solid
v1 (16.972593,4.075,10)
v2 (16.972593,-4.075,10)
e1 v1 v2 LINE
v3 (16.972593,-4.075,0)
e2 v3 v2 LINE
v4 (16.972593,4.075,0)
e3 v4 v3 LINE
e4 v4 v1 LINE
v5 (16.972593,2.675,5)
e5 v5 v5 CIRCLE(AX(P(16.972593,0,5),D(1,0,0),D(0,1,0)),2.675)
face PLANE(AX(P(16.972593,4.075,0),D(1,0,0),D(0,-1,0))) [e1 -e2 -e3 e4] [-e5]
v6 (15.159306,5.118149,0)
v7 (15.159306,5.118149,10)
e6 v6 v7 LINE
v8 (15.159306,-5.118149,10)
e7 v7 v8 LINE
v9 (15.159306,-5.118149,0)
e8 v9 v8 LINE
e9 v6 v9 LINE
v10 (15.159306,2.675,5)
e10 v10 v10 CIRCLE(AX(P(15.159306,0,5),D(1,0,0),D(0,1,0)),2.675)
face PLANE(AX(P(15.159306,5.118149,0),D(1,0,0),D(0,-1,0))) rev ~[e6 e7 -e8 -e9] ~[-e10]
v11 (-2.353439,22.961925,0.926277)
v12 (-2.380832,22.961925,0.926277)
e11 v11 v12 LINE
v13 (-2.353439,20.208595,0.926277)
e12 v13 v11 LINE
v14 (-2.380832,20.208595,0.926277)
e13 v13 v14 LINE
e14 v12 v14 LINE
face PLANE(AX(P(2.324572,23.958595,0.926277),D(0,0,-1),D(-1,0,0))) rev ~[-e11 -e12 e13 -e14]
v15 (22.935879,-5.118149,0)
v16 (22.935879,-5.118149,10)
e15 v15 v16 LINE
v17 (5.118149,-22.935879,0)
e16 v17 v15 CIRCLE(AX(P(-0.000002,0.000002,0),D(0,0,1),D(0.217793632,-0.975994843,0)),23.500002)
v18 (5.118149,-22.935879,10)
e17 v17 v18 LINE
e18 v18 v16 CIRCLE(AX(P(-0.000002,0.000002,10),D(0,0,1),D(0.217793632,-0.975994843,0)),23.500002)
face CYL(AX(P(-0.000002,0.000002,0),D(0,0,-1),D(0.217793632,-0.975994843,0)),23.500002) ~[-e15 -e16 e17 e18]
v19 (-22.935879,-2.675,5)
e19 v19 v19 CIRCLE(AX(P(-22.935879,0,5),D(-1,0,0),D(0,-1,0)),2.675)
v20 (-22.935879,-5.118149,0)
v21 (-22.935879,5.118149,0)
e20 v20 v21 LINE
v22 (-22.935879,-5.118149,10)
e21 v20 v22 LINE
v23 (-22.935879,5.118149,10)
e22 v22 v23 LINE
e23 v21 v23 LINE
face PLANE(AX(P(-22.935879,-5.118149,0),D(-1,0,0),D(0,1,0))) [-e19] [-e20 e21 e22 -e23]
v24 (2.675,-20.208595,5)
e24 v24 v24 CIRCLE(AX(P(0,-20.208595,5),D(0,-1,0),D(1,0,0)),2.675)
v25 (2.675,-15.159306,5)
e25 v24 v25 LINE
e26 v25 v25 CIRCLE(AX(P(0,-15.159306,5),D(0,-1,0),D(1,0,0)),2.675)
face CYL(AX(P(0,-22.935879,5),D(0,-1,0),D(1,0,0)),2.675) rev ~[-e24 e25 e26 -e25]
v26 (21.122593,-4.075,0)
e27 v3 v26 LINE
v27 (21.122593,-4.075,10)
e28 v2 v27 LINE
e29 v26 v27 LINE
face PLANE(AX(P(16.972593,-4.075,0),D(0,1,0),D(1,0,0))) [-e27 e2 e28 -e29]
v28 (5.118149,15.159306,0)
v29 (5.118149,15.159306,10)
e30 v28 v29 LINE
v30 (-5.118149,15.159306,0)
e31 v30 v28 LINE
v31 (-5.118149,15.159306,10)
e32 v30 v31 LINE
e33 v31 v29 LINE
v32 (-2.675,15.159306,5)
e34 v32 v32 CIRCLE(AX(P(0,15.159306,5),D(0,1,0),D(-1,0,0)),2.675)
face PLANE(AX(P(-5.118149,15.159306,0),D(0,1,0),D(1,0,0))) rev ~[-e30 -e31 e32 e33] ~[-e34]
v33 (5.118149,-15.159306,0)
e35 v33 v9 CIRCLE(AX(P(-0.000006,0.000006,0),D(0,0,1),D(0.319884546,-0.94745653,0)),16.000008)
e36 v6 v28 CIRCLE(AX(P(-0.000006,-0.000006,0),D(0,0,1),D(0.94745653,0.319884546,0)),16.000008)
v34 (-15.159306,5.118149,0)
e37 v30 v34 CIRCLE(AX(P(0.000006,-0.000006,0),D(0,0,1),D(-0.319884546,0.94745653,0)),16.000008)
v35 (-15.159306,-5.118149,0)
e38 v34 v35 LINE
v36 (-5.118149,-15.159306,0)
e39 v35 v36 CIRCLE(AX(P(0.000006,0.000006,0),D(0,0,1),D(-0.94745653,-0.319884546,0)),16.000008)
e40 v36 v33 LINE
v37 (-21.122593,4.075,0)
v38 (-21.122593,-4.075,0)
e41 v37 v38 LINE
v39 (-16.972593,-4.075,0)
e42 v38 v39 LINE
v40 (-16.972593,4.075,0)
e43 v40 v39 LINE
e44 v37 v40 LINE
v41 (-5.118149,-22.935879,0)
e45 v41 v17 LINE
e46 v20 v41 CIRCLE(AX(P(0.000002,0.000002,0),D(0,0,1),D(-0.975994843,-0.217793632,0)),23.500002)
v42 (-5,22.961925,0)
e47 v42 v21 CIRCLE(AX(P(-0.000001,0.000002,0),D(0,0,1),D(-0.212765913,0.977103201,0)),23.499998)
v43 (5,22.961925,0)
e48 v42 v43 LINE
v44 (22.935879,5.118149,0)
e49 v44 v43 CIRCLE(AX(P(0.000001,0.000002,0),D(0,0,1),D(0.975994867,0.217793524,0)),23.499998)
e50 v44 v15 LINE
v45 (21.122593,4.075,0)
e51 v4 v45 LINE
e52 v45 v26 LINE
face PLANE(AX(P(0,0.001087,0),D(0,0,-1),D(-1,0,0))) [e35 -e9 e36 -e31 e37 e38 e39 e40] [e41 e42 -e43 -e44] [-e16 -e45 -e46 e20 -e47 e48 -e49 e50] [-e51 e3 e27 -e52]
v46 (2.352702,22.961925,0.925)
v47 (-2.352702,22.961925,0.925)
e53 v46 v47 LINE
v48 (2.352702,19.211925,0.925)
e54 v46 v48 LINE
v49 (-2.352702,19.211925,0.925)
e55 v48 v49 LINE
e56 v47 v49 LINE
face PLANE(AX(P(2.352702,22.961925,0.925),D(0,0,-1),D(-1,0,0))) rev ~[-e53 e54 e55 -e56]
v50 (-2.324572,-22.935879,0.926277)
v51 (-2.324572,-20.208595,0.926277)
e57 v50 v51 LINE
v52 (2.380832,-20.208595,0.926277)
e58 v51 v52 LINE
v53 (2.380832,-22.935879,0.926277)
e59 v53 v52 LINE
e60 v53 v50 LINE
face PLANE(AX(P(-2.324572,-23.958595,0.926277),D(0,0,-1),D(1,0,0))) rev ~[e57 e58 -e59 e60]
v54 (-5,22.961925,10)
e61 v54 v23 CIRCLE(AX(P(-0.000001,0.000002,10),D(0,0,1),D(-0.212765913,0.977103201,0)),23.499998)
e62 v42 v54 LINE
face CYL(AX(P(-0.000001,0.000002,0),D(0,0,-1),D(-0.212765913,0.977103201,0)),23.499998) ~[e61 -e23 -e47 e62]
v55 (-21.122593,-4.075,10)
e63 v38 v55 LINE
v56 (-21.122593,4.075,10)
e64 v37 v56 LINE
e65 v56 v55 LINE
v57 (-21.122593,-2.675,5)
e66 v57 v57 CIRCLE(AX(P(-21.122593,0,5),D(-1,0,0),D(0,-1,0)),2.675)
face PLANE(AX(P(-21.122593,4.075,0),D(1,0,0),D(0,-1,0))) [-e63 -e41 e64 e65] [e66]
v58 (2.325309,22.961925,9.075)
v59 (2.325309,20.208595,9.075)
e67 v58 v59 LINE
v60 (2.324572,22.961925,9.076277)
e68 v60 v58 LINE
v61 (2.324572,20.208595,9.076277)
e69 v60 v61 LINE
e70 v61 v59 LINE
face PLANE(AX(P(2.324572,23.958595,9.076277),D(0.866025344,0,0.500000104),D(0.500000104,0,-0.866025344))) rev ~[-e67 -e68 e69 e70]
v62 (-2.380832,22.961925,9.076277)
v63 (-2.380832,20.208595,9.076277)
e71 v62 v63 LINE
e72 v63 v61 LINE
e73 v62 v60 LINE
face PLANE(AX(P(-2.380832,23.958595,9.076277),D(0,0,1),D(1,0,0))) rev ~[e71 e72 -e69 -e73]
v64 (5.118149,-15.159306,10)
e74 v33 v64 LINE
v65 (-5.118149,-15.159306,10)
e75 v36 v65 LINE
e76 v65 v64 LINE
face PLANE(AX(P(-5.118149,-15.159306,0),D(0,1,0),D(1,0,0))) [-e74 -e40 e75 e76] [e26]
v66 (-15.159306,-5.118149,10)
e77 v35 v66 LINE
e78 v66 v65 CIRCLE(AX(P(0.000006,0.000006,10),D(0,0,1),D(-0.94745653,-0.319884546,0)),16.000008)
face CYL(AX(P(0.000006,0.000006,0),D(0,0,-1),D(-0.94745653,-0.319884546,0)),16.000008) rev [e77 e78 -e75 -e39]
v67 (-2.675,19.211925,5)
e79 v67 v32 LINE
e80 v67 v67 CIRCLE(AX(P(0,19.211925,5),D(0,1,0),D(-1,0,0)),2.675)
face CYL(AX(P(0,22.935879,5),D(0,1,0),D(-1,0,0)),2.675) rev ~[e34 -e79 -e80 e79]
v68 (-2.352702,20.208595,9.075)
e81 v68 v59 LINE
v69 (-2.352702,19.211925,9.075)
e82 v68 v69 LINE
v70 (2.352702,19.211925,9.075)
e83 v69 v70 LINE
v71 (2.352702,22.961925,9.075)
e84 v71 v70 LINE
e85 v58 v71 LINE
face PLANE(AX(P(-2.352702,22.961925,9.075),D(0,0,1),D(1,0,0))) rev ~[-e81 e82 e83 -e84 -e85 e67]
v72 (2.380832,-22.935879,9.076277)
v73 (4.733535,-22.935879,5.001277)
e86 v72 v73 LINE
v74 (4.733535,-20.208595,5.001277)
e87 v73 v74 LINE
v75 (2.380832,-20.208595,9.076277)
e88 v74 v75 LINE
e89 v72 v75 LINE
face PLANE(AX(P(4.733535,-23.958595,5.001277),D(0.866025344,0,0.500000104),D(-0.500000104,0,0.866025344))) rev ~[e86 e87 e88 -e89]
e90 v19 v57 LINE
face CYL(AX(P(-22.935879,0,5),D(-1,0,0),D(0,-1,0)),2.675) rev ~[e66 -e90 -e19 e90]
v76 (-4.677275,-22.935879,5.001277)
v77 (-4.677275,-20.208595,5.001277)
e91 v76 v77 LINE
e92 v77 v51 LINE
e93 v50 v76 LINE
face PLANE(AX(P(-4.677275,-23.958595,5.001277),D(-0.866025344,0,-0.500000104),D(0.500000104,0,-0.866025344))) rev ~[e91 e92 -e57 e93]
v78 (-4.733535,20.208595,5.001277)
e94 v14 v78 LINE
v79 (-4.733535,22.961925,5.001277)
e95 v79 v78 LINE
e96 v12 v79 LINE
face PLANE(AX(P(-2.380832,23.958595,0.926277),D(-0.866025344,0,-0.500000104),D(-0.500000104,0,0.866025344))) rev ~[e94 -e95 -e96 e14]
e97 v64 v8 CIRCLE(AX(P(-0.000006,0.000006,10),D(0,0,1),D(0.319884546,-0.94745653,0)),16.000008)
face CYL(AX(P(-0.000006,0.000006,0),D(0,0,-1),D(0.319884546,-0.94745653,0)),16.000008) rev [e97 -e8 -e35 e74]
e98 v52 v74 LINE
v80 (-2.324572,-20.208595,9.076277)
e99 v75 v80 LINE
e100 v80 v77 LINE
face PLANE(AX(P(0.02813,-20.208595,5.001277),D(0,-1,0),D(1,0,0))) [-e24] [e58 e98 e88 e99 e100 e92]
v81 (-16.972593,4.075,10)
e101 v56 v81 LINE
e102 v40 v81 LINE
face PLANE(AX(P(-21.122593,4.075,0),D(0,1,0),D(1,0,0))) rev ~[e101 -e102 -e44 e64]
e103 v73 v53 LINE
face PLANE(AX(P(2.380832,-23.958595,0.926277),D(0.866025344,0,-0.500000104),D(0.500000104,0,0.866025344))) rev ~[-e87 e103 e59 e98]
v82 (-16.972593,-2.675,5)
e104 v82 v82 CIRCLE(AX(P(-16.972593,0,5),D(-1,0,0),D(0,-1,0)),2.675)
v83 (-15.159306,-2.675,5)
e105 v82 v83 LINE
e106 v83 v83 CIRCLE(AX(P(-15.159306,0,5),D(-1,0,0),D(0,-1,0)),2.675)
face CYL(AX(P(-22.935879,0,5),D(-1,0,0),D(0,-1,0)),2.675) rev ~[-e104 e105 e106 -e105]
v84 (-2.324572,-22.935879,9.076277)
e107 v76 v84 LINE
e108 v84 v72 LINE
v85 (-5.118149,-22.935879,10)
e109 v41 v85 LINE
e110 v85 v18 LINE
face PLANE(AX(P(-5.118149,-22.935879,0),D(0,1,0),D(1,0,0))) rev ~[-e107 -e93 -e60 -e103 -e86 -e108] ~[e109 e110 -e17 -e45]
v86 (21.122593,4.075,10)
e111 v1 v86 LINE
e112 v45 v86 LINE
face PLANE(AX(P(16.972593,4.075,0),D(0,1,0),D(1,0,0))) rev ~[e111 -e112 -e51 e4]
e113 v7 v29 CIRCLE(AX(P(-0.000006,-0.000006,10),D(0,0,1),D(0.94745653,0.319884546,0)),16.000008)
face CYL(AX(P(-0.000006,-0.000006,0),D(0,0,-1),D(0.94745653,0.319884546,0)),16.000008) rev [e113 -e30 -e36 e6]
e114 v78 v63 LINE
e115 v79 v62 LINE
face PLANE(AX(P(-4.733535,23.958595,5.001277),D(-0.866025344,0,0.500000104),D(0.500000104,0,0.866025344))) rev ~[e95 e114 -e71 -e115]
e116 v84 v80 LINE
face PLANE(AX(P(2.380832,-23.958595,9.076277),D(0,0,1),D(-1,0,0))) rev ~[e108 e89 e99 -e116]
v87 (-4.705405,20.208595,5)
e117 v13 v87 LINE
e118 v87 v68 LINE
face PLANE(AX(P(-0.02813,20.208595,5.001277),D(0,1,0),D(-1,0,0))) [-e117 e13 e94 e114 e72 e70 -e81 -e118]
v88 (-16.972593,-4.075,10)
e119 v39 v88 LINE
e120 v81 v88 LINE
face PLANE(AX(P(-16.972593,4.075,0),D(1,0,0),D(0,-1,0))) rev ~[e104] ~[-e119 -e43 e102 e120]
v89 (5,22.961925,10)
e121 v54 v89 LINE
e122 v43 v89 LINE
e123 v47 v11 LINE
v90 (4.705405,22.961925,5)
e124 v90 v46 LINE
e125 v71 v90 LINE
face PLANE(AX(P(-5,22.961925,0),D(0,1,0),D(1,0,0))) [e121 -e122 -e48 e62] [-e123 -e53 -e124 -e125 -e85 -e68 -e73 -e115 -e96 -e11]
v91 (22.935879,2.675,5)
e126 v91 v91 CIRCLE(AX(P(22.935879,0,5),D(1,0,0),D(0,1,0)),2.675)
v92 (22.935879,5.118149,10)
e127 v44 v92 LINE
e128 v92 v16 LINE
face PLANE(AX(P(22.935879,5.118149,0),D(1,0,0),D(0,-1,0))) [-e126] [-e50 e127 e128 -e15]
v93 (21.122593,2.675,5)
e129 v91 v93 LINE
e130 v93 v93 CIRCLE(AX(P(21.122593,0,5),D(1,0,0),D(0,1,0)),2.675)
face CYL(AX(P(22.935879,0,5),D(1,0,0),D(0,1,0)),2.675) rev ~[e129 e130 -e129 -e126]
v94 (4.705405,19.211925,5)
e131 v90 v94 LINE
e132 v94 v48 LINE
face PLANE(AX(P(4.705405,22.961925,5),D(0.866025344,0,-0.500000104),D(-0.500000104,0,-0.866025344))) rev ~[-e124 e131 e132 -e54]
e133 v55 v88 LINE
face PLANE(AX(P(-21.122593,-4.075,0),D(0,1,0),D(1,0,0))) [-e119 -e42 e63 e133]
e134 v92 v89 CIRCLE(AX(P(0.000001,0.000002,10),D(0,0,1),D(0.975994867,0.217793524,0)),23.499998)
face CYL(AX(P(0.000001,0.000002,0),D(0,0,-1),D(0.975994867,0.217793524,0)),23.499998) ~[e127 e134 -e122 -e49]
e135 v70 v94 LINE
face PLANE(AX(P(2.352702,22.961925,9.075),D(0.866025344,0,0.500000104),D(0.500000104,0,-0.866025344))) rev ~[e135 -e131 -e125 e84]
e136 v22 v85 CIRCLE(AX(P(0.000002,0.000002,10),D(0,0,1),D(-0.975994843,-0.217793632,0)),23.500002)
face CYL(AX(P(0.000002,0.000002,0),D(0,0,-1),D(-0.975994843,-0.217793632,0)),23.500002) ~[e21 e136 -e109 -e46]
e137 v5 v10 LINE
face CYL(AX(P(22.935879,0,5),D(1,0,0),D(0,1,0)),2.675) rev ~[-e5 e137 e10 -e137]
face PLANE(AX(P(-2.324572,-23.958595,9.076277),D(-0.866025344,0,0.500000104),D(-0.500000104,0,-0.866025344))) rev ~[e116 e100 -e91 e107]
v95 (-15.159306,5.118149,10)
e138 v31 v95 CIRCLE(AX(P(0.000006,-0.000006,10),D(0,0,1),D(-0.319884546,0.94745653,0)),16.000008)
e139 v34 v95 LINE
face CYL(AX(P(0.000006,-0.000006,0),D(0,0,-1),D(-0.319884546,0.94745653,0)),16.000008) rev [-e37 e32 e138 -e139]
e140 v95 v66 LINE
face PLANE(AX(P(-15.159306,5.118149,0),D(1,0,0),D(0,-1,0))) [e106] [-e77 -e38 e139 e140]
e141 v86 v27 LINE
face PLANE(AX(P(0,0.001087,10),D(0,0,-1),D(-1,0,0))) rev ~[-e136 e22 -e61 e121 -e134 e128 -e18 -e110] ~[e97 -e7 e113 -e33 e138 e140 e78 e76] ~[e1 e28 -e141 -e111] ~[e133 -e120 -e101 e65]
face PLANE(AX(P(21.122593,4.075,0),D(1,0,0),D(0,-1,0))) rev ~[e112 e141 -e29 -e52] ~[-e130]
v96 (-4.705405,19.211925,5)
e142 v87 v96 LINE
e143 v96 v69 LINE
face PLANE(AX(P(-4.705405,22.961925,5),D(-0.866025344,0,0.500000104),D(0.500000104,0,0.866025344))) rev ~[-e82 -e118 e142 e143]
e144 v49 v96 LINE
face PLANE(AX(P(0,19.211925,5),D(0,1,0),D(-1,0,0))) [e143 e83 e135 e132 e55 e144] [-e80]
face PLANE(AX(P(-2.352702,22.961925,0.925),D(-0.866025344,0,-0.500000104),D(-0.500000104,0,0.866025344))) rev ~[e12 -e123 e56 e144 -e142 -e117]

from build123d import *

# Parameters (mm, degrees)
PAD_DEPTH             = 10
SKETCH001_R           = 2.675
POCKET_DEPTH          = 7.776573
POCKET001_DEPTH       = 3.75
SKETCH003_W           = 4.15
SKETCH003_H           = 8.15
POCKET002_DEPTH       = 10
POLARPATTERN_COUNT    = 2
POLARPATTERN003_COUNT = 4
POCKET011_DEPTH       = 3.75


with BuildPart() as part:
    # Sketch → Pad (new body)
    with BuildSketch(Plane.XY):
        with BuildLine():
            Line((-22.935879, -5.118149), (-22.935879, 5.118149))
            ThreePointArc((-5, 22.961925), (-16.57418, 16.659729), (-22.935879, 5.118149))
            Line((-5, 22.961925), (5, 22.961925))
            ThreePointArc((22.935879, 5.118149), (16.57418, 16.659729), (5, 22.961925))
            Line((22.935879, 5.118149), (22.935879, -5.118149))
            ThreePointArc((5.118149, -22.935879), (16.617009, -16.617009), (22.935879, -5.118149))
            Line((-5.118149, -22.935879), (5.118149, -22.935879))
            ThreePointArc((-22.935879, -5.118149), (-16.617009, -16.617009), (-5.118149, -22.935879))
        make_face()
        with BuildLine():
            Line((-15.159306, 5.118149), (-15.159306, -5.118149))
            ThreePointArc((-15.159306, -5.118149), (-11.313708, -11.313708), (-5.118149, -15.159306))
            Line((-5.118149, -15.159306), (5.118149, -15.159306))
            ThreePointArc((5.118149, -15.159306), (11.313708, -11.313708), (15.159306, -5.118149))
            Line((15.159306, 5.118149), (15.159306, -5.118149))
            ThreePointArc((15.159306, 5.118149), (11.313708, 11.313708), (5.118149, 15.159306))
            Line((-5.118149, 15.159306), (5.118149, 15.159306))
            ThreePointArc((-5.118149, 15.159306), (-11.313708, 11.313708), (-15.159306, 5.118149))
        make_face(mode=Mode.SUBTRACT)
    extrude(amount=PAD_DEPTH)

    # Sketch001 (on Face7 of Pad) → Pocket (cut)
    with BuildSketch(Plane.XZ.offset(22.935879)):
        with Locations((0, 5)):
            Circle(SKETCH001_R)
    pocket = extrude(amount=-POCKET_DEPTH, mode=Mode.SUBTRACT)

    # Sketch002 → Pocket001 (cut)
    with BuildSketch(Plane.XZ.offset(23.958595)):
        Polygon((2.380832, 9.076277), (-2.324572, 9.076277), (-4.677275, 5.001277), (-2.324572, 0.926277), (2.380832, 0.926277), (4.733535, 5.001277), align=None)
    pocket001 = extrude(amount=-POCKET001_DEPTH, mode=Mode.SUBTRACT)

    # Sketch003 → Pocket002 (cut)
    with BuildSketch(Plane(origin=(0, 0, 0), x_dir=(1, 0, 0), z_dir=(0, 0, -1))):
        with Locations((-19.047593, 0)):
            Rectangle(SKETCH003_W, SKETCH003_H)
        with Locations((19.047593, 0)):
            Rectangle(SKETCH003_W, SKETCH003_H)
    extrude(amount=-POCKET002_DEPTH, mode=Mode.SUBTRACT)

    # PolarPattern: Pocket001 ×2 about axis
    polarpattern_axis = Axis((0, 0, 0), (0, 0, 1))
    for i in range(1, POLARPATTERN_COUNT):
        add(pocket001.rotate(polarpattern_axis, i * 360 / POLARPATTERN_COUNT), mode=Mode.SUBTRACT)

    # PolarPattern003: Pocket ×4 about axis
    polarpattern003_axis = Axis((0, 0, 0), (0, 0, 1))
    for i in range(1, POLARPATTERN003_COUNT):
        add(pocket.rotate(polarpattern003_axis, i * 360 / POLARPATTERN003_COUNT), mode=Mode.SUBTRACT)

    # Sketch014 (on Face8 of PolarPattern003) → Pocket011 (cut)
    with BuildSketch(Plane(origin=(0, 22.961925, 0), x_dir=(-1, 0, 0), z_dir=(0, 1, 0))):
        Polygon((4.705405, 5), (2.352702, 9.075), (-2.352702, 9.075), (-4.705405, 5), (-2.352702, 0.925), (2.352702, 0.925), align=None)
    extrude(amount=-POCKET011_DEPTH, mode=Mode.SUBTRACT)


solid = part.part
